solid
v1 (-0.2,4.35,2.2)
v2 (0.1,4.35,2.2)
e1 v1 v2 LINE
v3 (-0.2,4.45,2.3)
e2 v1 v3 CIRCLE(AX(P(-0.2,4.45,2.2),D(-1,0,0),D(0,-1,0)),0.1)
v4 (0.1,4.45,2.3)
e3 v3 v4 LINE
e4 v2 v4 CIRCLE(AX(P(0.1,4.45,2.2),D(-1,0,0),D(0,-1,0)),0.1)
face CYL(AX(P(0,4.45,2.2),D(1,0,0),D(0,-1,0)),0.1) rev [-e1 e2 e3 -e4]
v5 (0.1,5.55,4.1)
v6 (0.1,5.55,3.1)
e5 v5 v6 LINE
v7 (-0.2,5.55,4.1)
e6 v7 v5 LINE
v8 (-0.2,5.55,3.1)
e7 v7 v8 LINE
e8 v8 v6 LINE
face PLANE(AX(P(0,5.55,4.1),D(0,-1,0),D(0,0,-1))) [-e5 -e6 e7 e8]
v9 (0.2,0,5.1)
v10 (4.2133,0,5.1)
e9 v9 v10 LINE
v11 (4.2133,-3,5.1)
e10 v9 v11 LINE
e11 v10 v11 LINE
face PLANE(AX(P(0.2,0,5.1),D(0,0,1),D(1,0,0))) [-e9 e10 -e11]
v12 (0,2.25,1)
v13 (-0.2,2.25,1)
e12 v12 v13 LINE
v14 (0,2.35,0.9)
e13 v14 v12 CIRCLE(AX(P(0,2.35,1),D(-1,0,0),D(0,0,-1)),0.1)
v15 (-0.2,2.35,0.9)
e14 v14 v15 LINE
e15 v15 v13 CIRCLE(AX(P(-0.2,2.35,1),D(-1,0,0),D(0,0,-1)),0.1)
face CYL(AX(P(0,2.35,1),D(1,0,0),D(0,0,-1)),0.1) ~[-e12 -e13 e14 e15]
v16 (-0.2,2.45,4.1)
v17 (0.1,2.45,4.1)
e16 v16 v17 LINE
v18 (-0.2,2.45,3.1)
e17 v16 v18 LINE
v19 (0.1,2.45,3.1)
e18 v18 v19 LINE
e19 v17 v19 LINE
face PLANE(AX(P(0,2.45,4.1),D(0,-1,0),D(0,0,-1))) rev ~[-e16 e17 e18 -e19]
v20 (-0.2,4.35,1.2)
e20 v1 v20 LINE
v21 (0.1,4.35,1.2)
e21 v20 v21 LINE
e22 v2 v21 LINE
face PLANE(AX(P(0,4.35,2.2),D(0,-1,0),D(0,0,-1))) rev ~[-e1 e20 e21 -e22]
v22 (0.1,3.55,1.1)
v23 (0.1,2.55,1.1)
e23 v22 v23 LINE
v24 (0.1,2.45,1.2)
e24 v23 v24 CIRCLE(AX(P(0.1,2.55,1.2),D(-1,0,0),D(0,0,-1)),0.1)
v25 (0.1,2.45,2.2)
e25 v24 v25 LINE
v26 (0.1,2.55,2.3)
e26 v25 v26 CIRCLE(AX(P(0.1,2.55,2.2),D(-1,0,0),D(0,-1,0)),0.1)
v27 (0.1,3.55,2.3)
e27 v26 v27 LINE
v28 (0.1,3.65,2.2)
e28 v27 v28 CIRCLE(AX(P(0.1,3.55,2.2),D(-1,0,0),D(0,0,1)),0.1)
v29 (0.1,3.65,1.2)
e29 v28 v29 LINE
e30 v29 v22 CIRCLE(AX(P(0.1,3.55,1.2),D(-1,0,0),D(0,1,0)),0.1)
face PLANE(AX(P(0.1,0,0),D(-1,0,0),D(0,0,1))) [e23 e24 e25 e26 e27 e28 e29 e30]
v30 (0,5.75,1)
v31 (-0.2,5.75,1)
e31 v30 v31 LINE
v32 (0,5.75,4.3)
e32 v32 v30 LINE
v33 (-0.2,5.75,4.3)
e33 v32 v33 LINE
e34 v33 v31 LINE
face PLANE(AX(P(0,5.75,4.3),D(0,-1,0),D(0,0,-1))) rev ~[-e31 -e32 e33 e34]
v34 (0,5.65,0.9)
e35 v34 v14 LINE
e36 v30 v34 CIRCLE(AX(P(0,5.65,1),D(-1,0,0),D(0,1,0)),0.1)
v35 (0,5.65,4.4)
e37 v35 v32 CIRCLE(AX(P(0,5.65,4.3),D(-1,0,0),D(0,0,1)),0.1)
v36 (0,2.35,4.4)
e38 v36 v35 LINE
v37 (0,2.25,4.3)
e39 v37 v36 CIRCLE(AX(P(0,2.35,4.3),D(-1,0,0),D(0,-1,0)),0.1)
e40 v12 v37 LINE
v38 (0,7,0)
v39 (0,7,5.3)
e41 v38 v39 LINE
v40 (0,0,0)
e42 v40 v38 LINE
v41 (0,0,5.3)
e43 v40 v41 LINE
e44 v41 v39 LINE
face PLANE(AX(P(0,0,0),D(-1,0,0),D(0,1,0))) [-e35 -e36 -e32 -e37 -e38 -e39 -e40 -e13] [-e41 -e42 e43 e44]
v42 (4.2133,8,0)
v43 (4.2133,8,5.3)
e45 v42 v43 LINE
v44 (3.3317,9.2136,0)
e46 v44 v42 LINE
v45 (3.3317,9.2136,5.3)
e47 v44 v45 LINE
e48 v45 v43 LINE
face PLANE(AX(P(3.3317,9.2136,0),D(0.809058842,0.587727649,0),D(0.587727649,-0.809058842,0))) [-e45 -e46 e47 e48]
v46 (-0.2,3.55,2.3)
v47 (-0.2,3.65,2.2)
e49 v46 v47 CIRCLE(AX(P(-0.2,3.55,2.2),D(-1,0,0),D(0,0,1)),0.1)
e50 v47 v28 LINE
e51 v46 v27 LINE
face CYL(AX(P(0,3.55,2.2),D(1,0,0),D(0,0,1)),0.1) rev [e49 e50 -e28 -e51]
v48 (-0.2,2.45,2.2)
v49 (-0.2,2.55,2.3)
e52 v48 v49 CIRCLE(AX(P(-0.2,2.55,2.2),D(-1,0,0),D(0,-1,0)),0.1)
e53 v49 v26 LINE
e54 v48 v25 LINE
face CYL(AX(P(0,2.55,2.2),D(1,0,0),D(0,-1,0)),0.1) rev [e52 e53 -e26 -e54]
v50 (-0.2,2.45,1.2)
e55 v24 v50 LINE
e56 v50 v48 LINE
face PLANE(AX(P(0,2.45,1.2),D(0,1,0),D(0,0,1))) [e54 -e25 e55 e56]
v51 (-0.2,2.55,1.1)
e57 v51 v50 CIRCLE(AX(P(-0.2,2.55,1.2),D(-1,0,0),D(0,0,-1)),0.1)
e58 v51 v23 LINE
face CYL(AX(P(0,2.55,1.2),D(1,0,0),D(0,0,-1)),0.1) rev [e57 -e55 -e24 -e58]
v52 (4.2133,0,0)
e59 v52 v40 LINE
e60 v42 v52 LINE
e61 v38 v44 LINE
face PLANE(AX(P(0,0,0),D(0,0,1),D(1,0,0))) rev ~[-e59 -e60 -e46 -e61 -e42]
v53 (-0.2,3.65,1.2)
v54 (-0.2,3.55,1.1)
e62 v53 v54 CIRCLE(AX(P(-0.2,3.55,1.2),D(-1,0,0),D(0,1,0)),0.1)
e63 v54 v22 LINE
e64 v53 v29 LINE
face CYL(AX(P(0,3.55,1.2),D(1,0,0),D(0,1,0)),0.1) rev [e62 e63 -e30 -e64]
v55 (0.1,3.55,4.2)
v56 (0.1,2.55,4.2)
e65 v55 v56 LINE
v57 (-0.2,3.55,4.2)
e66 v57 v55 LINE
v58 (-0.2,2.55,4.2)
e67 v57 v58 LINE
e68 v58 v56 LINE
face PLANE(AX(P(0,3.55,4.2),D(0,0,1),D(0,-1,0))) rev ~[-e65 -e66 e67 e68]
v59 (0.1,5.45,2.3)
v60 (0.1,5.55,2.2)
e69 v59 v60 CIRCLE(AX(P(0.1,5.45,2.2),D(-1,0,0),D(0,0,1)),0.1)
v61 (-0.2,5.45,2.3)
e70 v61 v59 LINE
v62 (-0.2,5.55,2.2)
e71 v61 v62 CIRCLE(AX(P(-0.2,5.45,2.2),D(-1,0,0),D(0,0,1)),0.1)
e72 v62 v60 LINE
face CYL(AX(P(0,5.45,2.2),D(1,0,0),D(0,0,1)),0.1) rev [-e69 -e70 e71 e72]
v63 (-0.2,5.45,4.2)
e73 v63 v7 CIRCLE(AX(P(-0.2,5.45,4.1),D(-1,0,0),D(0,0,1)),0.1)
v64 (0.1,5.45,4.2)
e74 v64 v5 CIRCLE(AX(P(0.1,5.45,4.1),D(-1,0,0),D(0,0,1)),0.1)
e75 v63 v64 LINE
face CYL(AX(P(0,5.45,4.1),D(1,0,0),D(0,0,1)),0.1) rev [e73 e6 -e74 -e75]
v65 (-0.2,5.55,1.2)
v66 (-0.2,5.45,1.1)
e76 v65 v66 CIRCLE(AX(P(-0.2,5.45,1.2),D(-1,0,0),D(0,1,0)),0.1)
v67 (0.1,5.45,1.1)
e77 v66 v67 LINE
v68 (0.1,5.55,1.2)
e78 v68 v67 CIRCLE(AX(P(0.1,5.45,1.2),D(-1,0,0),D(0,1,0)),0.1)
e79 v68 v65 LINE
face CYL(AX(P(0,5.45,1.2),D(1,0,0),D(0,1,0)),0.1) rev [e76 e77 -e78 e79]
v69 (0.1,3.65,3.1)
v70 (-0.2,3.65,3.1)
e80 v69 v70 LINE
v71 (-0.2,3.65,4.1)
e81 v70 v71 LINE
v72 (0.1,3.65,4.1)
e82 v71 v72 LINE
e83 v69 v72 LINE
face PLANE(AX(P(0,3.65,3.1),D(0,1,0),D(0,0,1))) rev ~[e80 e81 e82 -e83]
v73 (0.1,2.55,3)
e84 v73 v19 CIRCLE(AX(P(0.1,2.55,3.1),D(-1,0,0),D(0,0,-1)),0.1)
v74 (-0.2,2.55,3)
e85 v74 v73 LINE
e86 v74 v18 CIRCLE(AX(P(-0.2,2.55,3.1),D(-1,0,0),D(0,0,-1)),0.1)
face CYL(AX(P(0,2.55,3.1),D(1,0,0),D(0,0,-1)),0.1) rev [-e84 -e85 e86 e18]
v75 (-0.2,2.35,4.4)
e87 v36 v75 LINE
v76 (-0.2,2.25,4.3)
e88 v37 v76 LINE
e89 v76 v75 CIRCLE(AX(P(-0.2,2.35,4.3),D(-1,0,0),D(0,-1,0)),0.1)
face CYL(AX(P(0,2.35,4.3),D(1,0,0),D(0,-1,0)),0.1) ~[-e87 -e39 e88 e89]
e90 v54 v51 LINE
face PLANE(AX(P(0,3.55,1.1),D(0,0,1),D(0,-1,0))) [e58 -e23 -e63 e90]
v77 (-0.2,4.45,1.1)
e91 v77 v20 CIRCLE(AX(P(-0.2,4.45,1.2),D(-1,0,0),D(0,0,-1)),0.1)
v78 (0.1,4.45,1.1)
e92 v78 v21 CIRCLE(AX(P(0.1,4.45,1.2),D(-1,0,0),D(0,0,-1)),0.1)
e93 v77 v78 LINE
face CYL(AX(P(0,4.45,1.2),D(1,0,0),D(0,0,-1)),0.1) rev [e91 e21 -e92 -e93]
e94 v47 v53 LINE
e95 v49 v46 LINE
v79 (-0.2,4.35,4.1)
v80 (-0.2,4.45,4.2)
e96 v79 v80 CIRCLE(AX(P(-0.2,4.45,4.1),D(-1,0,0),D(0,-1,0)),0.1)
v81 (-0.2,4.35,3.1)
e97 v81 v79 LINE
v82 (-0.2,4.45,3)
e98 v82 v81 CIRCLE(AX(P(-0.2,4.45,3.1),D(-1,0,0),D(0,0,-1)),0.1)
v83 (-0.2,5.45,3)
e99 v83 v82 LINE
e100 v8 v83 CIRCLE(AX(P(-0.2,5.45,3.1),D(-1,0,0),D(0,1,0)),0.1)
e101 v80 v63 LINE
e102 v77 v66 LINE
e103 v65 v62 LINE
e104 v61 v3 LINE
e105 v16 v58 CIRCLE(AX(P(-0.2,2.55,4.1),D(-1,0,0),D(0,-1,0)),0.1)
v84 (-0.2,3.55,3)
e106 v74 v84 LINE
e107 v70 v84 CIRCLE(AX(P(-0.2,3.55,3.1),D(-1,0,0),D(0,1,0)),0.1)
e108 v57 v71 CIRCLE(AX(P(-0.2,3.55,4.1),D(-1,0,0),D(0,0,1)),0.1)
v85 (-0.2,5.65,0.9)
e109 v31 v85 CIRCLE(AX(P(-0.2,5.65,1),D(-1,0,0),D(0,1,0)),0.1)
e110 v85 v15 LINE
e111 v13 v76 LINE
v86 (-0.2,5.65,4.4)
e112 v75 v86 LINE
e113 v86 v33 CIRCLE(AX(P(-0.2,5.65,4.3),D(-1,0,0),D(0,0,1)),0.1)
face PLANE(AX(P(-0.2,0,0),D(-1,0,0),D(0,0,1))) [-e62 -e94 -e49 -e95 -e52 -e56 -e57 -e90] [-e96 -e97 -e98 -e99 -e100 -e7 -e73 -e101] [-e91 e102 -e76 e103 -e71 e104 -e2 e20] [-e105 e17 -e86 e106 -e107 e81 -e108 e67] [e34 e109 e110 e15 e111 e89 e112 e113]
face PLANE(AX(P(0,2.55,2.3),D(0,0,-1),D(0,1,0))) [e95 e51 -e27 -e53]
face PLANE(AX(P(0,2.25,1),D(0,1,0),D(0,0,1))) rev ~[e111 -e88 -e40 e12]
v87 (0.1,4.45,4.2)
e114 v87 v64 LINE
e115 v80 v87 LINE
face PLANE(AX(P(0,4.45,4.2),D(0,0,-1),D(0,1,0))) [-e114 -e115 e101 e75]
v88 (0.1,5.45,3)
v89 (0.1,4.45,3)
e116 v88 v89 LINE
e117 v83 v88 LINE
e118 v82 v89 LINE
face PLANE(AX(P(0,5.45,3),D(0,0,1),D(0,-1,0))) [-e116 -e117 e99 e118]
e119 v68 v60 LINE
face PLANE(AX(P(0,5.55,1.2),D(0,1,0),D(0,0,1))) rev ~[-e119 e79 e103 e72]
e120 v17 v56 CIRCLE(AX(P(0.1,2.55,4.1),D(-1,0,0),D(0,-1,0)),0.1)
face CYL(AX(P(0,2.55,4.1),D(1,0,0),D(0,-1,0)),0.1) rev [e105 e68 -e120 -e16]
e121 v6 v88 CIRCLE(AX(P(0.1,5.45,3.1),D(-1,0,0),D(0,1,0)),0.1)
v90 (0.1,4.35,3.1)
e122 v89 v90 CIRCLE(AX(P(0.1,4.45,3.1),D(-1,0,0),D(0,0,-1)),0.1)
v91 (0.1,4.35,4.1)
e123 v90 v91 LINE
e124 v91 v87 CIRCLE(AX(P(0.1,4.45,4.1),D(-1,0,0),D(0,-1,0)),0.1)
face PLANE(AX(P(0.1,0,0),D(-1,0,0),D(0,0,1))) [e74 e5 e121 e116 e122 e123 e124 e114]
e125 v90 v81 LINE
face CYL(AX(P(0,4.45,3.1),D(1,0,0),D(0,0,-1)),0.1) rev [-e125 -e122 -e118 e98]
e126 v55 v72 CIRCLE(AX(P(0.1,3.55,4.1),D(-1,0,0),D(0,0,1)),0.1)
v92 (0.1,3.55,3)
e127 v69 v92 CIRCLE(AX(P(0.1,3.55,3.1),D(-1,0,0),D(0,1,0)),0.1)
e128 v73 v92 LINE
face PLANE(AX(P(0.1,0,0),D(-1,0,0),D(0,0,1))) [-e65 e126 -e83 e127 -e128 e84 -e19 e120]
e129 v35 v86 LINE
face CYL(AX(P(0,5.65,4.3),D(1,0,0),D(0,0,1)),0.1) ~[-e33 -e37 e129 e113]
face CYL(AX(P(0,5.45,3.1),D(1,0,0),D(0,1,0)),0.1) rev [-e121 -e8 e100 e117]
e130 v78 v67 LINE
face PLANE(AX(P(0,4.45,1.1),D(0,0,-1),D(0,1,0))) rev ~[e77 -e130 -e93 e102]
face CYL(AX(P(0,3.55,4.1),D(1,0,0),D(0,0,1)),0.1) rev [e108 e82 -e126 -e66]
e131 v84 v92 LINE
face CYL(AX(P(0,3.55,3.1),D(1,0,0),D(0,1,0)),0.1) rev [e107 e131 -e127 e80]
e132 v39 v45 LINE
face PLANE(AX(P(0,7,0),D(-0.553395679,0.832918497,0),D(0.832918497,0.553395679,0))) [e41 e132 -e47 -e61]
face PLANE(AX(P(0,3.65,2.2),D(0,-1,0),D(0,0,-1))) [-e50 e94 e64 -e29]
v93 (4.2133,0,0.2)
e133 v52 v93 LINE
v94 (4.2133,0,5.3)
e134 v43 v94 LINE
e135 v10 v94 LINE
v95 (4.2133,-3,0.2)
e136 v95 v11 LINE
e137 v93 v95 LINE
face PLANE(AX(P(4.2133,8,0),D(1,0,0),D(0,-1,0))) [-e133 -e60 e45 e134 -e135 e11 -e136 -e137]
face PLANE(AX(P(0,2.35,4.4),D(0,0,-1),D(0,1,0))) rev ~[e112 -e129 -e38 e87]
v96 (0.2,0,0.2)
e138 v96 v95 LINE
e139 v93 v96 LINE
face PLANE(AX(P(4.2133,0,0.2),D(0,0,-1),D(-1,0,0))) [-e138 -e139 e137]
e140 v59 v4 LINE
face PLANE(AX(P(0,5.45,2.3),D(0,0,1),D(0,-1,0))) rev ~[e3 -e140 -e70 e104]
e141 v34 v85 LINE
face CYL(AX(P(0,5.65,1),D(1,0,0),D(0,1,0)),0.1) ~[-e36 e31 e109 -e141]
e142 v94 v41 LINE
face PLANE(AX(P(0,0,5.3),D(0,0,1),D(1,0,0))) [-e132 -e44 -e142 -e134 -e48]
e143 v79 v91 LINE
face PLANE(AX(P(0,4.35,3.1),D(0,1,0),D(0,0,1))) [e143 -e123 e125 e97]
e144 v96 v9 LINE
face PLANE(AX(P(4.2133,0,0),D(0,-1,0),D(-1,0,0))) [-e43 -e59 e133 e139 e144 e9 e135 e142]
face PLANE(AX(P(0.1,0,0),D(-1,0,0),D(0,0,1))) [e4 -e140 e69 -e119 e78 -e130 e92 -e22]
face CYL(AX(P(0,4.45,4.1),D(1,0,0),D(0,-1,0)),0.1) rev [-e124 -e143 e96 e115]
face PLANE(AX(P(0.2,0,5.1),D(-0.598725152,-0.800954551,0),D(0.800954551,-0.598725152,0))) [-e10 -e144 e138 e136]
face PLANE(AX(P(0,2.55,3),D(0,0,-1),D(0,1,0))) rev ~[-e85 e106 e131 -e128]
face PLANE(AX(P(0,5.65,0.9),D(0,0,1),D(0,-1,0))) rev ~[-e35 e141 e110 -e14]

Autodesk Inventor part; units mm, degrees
ref_plane "YZ Plane" through (0, 0, 0) normal (1, 0, 0) x (0, 1, 0)
ref_plane "XZ Plane" through (0, 0, 0) normal (0, 1, 0) x (-1, 0, 0)
ref_plane "XY Plane" through (0, 0, 0) normal (0, 0, 1) x (1, 0, 0)
sketch "草圖1" plane through (0, 0, 0) normal (0, 0, 1) x (1, 0, 0)
  line L0 (0, 0) -> (0, 7)
  line L1 (0, 7) -> (3.3317, 9.2136)
  line L2 (3.3317, 9.2136) -> (4.2133, 8)
  line L3 (4.2133, 8) -> (4.2133, 0)
  line L4 (4.2133, 0) -> (0, 0)
  dimension "d0" = 7
  dimension "d1" = 4
  dimension "d2" = 1.5
  dimension "d3" = 8
extrude "擠出1" add sketch "草圖1" along normal blind 5.3
sketch "草圖2" plane through (0, 0, 0) normal (-1, 0, 0) x (0, 0, 1)
  line L0 (1, 2.25) -> (4.3, 2.25)
  line L1 (4.4, 2.35) -> (4.4, 5.65)
  line L2 (4.3, 5.75) -> (1, 5.75)
  line L3 (0.9, 5.65) -> (0.9, 2.35)
  line L4 (0.9, 2.25) -> (4.4, 5.75) construction
  line L5 (4.4, 2.25) -> (0.9, 5.75) construction
  line L6 (1.2, 5.55) -> (2.2, 5.55)
  line L7 (2.3, 5.45) -> (2.3, 4.45)
  line L8 (2.2, 4.35) -> (1.2, 4.35)
  line L9 (1.1, 4.45) -> (1.1, 5.45)
  line L10 (1.1, 5.55) -> (2.3, 4.35) construction
  line L11 (2.3, 5.55) -> (1.1, 4.35) construction
  line L12 (3.1, 4.35) -> (4.1, 4.35)
  line L13 (4.2, 4.45) -> (4.2, 5.45)
  line L14 (4.1, 5.55) -> (3.1, 5.55)
  line L15 (3, 5.45) -> (3, 4.45)
  line L16 (3, 4.35) -> (4.2, 5.55) construction
  line L17 (4.2, 4.35) -> (3, 5.55) construction
  line L18 (3.1, 3.65) -> (4.1, 3.65)
  line L19 (4.2, 3.55) -> (4.2, 2.55)
  line L20 (4.1, 2.45) -> (3.1, 2.45)
  line L21 (3, 2.55) -> (3, 3.55)
  line L22 (3, 3.65) -> (4.2, 2.45) construction
  line L23 (4.2, 3.65) -> (3, 2.45) construction
  line L24 (1.2, 2.45) -> (2.2, 2.45)
  line L25 (2.3, 2.55) -> (2.3, 3.55)
  line L26 (2.2, 3.65) -> (1.2, 3.65)
  line L27 (1.1, 3.55) -> (1.1, 2.55)
  line L28 (1.1, 2.45) -> (2.3, 3.65) construction
  line L29 (2.3, 2.45) -> (1.1, 3.65) construction
  arc A0 (1, 5.75) -> (0.9, 5.65) centre (1, 5.65) ccw
  arc A1 (0.9, 2.35) -> (1, 2.25) centre (1, 2.35) ccw
  arc A2 (4.3, 2.25) -> (4.4, 2.35) centre (4.3, 2.35) ccw
  arc A3 (4.4, 5.65) -> (4.3, 5.75) centre (4.3, 5.65) ccw
  arc A4 (4.2, 5.45) -> (4.1, 5.55) centre (4.1, 5.45) ccw
  arc A5 (4.1, 4.35) -> (4.2, 4.45) centre (4.1, 4.45) ccw
  arc A6 (3, 4.45) -> (3.1, 4.35) centre (3.1, 4.45) ccw
  arc A7 (3.1, 5.55) -> (3, 5.45) centre (3.1, 5.45) ccw
  arc A8 (2.3, 5.45) -> (2.2, 5.55) centre (2.2, 5.45) ccw
  arc A9 (1.2, 5.55) -> (1.1, 5.45) centre (1.2, 5.45) ccw
  arc A10 (1.1, 4.45) -> (1.2, 4.35) centre (1.2, 4.45) ccw
  arc A11 (2.2, 4.35) -> (2.3, 4.45) centre (2.2, 4.45) ccw
  arc A12 (2.3, 3.55) -> (2.2, 3.65) centre (2.2, 3.55) ccw
  arc A13 (2.2, 2.45) -> (2.3, 2.55) centre (2.2, 2.55) ccw
  arc A14 (1.1, 2.55) -> (1.2, 2.45) centre (1.2, 2.55) ccw
  arc A15 (1.2, 3.65) -> (1.1, 3.55) centre (1.2, 3.55) ccw
  arc A16 (3.1, 3.65) -> (3, 3.55) centre (3.1, 3.55) ccw
  arc A17 (4.2, 3.55) -> (4.1, 3.65) centre (4.1, 3.55) ccw
  arc A18 (4.1, 2.45) -> (4.2, 2.55) centre (4.1, 2.55) ccw
  arc A19 (3, 2.55) -> (3.1, 2.45) centre (3.1, 2.55) ccw
  point P0 (2.65, 4)
  point P1 (1.7, 4.95)
  point P2 (3.6, 4.95)
  point P3 (3.6, 3.05)
  point P4 (1.7, 3.05)
  dimension "d7" = 3.5
  dimension "d8" = 3.5
  dimension "d9" = 1.2
  dimension "d10" = 1.2
  dimension "d11" = 0.2
  dimension "d12" = 0.1
  dimension "d13" = 0.1
extrude "擠出2" add sketch "草圖2" along normal blind 0.2
extrude "擠出3" cut sketch "草圖2" against normal blind 0.1 contours L6 A8 L7 A11 L8 A10 L9 A9 | A6 L15 A7 L14 A4 L13 A5 L12 | L18 A17 L19 A18 L20 A19 L21 A16 | A14 L27 A15 L26 A12 L25 A13 L24
sketch "草圖3" plane through (0, 0, 0) normal (0, -1, 0) x (1, 0, 0)
  line L0 (4.2133, 0) -> (4.2133, 5.3) projected
  line L1 (4.2133, 0.2) -> (0.2, 0.2)
  line L2 (0.2, 0.2) -> (0.2, 5.1)
  line L3 (0.2, 5.1) -> (4.2133, 5.1)
  line L4 (4.2133, 5.1) -> (4.2133, 0.2)
  line L5 (0, 0) -> (4.2133, 0) projected
  line L6 (0, 0) -> (0, 5.3) projected
  line L7 (0, 5.3) -> (4.2133, 5.3) projected
  dimension "d18" = 0.2
  dimension "d19" = 0.2
  dimension "d20" = 0.2
extrude "擠出4" add sketch "草圖3" along normal blind 3 contours L1 L2 L3 L0
sketch "草圖4" plane through (0.2, 0, 5.1) normal (0, 0, 1) x (1, 0, 0)
  line L0 (4.0133, 0) -> (0, 0) projected
  line L1 (0, 0) -> (4.0133, -3)
  line L2 (0, -3) -> (4.0133, -3) projected
  line L3 (4.0133, -3) -> (0, -3)
  line L4 (0, -3) -> (0, 0)
  point P0 (-0.2, 0)
extrude "擠出5" cut sketch "草圖4" against normal up to surface (4.9 mm away)
properties part number "頭 小小屋"
